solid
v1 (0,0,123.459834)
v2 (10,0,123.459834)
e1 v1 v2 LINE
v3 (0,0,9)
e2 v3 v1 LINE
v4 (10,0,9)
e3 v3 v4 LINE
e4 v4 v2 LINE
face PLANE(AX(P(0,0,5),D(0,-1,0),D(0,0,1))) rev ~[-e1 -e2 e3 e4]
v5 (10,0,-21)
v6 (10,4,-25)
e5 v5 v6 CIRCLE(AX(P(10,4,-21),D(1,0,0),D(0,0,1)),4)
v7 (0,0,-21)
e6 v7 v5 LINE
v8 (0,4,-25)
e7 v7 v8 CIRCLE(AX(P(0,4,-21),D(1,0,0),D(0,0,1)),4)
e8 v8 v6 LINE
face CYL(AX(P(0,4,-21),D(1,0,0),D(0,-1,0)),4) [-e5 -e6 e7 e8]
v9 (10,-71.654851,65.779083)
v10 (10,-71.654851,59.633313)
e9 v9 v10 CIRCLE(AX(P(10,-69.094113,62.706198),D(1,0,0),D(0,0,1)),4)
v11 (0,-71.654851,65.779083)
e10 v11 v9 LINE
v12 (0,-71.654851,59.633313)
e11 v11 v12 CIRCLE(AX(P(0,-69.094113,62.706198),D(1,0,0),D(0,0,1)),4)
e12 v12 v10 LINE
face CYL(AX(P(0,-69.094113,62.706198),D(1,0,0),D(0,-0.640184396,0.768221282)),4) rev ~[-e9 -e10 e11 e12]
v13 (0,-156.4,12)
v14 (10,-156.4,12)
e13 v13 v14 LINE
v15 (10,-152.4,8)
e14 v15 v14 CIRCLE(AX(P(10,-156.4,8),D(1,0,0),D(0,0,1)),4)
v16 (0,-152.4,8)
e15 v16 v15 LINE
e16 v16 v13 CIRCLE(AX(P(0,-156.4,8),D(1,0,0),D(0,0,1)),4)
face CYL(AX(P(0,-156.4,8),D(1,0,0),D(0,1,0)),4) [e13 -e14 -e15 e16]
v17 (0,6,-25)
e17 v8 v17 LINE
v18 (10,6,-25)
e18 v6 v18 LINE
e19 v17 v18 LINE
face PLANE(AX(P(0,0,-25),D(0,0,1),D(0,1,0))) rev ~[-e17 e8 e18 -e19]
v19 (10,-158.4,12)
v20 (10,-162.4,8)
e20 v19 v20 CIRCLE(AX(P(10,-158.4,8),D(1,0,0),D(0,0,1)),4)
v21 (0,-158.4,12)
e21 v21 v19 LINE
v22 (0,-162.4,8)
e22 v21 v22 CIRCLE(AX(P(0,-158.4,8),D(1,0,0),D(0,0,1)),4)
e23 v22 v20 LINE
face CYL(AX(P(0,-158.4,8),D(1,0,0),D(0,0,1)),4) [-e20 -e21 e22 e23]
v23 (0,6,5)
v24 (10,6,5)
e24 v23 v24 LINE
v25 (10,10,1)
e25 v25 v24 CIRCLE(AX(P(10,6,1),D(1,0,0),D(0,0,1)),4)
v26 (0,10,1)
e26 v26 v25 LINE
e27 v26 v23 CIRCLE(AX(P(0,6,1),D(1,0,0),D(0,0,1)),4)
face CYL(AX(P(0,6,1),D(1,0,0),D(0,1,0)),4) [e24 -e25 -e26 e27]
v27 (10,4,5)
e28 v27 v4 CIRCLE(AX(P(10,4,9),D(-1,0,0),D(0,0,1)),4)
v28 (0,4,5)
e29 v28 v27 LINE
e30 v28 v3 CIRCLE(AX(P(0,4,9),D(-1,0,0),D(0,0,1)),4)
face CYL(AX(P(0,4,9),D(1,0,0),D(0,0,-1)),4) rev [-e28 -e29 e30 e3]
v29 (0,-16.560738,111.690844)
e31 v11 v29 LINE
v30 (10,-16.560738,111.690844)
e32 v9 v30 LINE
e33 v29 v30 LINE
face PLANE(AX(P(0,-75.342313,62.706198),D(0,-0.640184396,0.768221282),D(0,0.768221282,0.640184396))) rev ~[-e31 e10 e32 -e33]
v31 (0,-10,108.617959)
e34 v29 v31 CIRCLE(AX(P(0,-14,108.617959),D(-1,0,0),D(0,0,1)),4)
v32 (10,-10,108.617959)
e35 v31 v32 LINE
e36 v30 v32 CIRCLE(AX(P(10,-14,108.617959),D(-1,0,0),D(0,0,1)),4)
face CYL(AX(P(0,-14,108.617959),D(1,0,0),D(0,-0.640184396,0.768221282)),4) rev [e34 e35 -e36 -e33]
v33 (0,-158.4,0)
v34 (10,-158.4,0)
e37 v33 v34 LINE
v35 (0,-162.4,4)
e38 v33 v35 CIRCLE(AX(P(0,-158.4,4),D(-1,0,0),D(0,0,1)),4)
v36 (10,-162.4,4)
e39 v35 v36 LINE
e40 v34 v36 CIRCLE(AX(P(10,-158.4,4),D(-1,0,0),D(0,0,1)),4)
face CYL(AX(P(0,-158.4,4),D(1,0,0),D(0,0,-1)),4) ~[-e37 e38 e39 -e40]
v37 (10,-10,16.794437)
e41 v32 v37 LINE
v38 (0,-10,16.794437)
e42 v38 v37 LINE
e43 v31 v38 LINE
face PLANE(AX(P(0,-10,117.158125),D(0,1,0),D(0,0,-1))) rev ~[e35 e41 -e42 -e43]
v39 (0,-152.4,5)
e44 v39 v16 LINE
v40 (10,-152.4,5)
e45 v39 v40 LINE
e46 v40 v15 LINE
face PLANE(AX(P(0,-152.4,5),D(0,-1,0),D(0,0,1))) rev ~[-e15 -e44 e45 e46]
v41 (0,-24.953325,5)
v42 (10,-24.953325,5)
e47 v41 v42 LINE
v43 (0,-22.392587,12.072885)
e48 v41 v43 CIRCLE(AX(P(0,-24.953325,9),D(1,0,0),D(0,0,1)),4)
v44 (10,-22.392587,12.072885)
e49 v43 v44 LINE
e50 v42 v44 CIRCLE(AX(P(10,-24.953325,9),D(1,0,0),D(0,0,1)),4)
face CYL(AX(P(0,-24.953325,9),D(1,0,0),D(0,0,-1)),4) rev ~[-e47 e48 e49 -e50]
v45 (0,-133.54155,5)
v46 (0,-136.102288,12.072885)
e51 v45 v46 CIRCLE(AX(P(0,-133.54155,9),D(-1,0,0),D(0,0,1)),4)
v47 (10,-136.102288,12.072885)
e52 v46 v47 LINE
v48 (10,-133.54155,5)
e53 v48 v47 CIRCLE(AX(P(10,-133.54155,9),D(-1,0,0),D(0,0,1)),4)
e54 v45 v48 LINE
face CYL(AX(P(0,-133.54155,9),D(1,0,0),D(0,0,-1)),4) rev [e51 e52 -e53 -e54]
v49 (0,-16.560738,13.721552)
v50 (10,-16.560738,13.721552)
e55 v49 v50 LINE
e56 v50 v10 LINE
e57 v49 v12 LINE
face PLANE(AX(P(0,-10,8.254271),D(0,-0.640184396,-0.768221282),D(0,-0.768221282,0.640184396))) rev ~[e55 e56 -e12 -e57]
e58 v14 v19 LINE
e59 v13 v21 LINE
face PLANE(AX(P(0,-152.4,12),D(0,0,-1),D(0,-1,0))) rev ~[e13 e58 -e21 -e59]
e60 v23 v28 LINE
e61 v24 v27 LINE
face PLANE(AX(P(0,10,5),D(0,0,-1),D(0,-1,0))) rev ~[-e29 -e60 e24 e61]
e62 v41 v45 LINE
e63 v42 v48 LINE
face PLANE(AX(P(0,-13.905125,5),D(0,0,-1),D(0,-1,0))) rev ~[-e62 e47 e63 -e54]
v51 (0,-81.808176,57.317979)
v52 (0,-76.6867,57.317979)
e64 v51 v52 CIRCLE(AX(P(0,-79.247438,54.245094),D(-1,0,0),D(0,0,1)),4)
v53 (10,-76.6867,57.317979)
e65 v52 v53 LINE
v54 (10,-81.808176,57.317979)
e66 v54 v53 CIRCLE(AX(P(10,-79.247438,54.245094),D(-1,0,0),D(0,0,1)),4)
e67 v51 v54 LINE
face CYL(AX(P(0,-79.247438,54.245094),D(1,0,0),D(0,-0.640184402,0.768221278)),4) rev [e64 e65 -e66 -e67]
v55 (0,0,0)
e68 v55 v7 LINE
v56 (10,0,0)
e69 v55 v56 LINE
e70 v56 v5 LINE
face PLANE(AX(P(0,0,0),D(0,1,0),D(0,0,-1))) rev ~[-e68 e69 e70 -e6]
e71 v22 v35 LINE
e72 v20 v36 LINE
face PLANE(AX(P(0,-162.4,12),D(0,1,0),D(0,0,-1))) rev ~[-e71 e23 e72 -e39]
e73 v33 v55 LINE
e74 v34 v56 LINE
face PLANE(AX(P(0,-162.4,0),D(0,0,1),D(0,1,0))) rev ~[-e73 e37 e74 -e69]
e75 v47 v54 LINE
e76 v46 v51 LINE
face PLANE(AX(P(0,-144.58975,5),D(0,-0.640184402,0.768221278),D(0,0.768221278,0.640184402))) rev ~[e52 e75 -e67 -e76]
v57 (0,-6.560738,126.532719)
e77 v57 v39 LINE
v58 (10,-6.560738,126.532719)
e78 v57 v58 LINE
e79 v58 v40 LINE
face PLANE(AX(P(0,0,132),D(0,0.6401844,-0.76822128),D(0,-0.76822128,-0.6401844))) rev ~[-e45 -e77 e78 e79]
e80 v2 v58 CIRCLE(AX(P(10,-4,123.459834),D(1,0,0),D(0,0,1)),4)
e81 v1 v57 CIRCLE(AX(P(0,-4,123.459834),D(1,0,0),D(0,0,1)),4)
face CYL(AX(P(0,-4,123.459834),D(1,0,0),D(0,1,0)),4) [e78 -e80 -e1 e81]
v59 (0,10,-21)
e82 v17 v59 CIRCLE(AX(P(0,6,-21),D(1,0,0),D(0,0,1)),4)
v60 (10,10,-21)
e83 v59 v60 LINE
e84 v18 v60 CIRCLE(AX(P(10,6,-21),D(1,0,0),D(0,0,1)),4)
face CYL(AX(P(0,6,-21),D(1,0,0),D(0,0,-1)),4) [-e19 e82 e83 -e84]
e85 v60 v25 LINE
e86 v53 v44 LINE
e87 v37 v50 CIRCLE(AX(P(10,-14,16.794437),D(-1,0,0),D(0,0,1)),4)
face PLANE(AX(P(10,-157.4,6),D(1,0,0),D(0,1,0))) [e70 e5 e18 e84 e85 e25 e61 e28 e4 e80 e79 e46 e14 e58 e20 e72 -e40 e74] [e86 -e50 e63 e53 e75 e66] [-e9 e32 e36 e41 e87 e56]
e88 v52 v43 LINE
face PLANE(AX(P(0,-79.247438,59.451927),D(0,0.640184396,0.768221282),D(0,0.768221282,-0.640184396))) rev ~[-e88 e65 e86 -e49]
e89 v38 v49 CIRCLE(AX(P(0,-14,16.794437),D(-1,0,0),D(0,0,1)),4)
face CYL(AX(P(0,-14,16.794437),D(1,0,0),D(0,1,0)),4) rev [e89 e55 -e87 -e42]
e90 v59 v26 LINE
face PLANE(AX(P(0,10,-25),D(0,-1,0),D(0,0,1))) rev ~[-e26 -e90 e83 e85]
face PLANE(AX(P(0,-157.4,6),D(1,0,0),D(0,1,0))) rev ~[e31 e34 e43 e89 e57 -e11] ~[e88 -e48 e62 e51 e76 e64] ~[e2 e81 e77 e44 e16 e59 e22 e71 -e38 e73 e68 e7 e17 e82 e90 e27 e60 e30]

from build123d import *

# Parameters (mm, degrees)
F1_DEPTH = 10
F2_R     = 4


with BuildPart() as f1:
    # F0 (on Right) → F1 (new body)
    with BuildSketch(Plane.YZ):
        Polygon((-162.4, 0), (-152.4, 0), (-152.4, 5), (-152.4, 12), (-162.4, 12), align=None)
        Polygon((0, 5), (0, 0), (0, -25), (10, -25), (10, 5), align=None)
        Polygon((-152.4, 5), (-152.4, 0), (0, 0), (0, 5), (-10, 5), (-13.905125, 5), (-144.58975, 5), align=None)
        Polygon((0, 132), (-152.4, 5), (-144.58975, 5), (-79.247438, 59.451927), (-75.342313, 62.706198), (-10, 117.158125), (-10, 8.254271), (-10, 5), (0, 5), align=None)
        Polygon((-13.905125, 5), (-10, 5), (-10, 8.254271), (-75.342313, 62.706198), (-79.247438, 59.451927), align=None)
    extrude(amount=F1_DEPTH)

    # F2
    f2_edges = [f1.edges().sort_by_distance(p)[0] for p in [
        (5, -162.4, 12),
        (5, -152.4, 12),
        (5, 10, 5),
        (5, 0, -25),
        (5, 10, -25),
        (5, -162.4, 0),
        (5, 0, 132),
        (5, -75.342313, 62.706198),
        (5, -79.247438, 59.451927),
        (5, -10, 117.158125),
        (5, -144.58975, 5),
        (5, -13.905125, 5),
        (5, -10, 8.254271),
        (5, 0, 5),
    ]]
    fillet(f2_edges, radius=F2_R)


solid = f1.part
